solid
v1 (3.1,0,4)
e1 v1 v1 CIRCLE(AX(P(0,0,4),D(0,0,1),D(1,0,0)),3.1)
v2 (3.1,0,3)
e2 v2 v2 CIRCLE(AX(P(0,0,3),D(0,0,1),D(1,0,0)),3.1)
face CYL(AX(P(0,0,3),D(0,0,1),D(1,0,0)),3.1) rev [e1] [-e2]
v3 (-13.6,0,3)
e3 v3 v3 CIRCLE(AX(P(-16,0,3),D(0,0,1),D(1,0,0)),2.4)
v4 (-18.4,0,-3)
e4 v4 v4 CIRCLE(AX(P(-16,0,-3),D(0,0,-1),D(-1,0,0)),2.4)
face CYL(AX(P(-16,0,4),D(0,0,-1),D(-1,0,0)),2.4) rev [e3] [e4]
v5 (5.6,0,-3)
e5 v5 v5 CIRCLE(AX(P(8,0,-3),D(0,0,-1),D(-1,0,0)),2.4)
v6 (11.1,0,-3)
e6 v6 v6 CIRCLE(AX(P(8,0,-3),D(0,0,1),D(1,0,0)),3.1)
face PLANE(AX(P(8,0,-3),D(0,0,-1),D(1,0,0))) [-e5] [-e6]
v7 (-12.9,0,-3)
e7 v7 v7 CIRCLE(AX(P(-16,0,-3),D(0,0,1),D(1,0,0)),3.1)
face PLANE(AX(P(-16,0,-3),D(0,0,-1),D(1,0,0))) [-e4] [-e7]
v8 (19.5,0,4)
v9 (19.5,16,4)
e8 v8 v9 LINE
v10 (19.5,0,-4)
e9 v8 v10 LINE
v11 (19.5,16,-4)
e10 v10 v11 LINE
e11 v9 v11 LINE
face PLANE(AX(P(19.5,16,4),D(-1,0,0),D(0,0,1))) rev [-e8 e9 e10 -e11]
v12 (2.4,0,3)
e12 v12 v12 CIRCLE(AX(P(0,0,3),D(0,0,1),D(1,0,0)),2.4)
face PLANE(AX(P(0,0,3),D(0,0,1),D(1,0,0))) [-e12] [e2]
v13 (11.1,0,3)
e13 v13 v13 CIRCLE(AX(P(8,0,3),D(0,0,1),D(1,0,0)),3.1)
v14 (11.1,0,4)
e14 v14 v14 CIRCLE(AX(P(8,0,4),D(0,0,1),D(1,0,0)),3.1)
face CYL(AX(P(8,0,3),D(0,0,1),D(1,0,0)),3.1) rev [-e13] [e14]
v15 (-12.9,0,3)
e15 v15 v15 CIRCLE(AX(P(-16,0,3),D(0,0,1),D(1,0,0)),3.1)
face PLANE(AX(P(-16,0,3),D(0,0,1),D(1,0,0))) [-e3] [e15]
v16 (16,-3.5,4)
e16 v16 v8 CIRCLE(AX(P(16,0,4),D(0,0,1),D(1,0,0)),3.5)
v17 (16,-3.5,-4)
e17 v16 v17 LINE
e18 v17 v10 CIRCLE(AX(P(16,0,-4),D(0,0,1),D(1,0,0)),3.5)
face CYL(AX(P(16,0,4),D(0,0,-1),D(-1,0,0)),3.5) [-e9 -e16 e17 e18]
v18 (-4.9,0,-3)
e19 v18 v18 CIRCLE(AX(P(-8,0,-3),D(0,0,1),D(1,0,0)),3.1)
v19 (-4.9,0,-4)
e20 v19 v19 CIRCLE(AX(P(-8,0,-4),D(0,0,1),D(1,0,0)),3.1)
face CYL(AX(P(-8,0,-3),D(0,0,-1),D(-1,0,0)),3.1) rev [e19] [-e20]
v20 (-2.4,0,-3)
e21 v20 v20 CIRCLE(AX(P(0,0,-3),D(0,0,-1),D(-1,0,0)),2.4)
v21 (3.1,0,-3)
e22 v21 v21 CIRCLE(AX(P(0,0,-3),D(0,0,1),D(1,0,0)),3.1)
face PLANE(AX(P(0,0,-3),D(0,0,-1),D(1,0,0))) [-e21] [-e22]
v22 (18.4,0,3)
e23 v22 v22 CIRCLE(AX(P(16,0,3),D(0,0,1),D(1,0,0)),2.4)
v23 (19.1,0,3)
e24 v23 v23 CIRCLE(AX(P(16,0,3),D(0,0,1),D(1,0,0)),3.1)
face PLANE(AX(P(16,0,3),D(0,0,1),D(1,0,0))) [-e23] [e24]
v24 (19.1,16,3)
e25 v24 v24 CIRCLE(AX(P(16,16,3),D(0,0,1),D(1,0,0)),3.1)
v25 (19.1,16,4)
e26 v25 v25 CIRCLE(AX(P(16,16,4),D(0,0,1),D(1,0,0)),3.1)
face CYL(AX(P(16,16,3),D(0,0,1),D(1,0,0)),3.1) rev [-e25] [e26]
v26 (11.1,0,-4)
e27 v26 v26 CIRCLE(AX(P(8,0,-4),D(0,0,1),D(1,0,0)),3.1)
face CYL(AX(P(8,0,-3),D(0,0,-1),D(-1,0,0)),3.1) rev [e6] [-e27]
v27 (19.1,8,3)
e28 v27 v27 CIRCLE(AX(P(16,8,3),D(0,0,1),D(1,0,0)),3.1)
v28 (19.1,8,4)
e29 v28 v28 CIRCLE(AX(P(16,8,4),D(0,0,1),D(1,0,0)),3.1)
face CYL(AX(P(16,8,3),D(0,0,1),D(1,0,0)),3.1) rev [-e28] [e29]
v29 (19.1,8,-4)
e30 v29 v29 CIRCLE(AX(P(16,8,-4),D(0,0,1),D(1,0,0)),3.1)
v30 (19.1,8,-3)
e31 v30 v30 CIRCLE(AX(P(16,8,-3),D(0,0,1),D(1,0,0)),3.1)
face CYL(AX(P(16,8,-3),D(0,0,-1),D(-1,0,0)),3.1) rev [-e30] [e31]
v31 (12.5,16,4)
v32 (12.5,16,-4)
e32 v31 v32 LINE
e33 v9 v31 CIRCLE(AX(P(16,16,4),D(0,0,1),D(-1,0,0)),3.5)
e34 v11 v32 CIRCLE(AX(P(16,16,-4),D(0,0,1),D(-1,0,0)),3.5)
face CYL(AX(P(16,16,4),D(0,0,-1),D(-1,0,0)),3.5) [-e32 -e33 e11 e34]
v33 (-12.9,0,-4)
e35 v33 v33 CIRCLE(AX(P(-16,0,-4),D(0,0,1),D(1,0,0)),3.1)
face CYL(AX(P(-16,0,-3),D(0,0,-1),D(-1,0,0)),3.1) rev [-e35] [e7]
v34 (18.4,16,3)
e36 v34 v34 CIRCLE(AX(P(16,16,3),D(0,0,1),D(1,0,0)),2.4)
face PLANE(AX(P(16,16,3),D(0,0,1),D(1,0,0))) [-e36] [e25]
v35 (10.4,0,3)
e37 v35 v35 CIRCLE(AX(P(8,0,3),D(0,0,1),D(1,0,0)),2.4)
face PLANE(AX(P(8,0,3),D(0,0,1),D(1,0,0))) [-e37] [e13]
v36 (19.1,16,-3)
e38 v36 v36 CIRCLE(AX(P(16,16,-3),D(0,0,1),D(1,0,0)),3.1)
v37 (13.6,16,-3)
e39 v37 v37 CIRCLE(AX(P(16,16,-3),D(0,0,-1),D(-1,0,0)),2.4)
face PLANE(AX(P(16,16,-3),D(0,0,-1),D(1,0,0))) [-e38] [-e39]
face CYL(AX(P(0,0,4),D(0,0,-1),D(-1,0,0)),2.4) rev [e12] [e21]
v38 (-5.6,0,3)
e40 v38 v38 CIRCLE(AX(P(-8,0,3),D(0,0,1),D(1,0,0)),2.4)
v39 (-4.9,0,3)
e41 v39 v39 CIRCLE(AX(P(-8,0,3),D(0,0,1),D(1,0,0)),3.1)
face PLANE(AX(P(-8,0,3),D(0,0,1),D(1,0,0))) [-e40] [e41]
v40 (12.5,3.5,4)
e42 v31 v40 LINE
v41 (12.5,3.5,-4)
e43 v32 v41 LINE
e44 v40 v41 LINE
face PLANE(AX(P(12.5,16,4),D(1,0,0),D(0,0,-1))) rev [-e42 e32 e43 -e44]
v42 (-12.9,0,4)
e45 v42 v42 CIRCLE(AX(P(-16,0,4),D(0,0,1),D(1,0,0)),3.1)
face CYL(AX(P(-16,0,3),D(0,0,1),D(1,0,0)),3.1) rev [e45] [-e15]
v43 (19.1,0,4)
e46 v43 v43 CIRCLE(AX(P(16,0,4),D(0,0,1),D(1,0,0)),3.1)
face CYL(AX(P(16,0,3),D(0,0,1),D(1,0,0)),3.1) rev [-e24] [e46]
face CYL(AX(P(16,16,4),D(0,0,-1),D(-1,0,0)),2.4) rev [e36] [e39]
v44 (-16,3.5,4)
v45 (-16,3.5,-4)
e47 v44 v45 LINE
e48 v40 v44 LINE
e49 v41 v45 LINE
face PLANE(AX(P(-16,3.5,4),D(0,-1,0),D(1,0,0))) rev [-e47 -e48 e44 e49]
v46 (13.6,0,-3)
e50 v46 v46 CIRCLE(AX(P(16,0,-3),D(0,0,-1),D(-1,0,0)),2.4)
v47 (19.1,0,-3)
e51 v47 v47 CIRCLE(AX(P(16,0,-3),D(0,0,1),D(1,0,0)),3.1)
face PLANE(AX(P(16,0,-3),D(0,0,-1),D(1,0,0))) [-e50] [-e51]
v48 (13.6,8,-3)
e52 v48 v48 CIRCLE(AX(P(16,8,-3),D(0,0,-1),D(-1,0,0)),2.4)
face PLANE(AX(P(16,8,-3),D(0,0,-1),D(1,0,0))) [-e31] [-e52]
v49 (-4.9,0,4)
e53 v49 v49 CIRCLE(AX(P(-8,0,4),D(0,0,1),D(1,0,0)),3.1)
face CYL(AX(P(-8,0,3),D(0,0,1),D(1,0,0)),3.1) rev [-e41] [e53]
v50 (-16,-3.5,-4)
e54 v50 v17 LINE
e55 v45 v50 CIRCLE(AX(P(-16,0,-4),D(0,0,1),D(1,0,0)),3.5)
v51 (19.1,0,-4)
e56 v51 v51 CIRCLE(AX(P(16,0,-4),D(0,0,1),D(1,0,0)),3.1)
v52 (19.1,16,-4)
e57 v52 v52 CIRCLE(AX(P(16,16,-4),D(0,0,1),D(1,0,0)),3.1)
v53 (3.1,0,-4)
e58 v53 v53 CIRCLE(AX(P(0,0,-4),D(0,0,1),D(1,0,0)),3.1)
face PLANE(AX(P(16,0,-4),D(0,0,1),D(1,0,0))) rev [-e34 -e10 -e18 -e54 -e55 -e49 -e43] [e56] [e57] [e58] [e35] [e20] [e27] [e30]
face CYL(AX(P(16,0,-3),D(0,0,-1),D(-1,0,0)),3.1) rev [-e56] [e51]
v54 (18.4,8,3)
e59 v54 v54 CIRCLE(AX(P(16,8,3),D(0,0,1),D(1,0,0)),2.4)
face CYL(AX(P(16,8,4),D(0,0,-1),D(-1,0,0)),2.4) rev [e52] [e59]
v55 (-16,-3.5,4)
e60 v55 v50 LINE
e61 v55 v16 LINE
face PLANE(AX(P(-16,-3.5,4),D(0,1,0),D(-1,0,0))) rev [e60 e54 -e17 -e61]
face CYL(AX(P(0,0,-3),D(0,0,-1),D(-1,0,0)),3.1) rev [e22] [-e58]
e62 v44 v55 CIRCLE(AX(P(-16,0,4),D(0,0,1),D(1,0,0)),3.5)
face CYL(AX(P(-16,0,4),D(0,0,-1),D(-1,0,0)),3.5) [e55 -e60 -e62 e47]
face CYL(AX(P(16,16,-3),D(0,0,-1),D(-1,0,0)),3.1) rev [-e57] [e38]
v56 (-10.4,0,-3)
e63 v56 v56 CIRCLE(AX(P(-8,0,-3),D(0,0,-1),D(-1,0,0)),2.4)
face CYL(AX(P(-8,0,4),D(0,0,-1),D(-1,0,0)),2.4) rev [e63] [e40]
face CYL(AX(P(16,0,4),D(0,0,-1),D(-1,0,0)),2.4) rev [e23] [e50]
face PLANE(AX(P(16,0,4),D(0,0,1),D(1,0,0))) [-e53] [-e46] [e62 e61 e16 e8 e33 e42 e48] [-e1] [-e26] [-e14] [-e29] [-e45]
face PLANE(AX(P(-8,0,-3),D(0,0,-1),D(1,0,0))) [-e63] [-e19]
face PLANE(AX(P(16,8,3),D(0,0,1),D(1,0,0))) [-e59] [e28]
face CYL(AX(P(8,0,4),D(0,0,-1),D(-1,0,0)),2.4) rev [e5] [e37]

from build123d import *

# Parameters (mm, degrees)
SKETCH1_R           = 2.4
BOSS_EXTRUDE1_DEPTH = 4
SKETCH2_R           = 3.1
CUT_EXTRUDE1_DEPTH  = 1


with BuildPart() as part:
    # Sketch1 → Boss-Extrude1 (new, symmetric)
    with BuildSketch(Plane.XY):
        with BuildLine():
            Line((-16, -3.5), (16, -3.5))
            ThreePointArc((16, -3.5), (18.474873734, -2.474873734), (19.5, 0))
            Line((19.5, 0), (19.5, 16))
            ThreePointArc((19.5, 16), (16, 19.5), (12.5, 16))
            Line((12.5, 16), (12.5, 3.5))
            Line((12.5, 3.5), (-16, 3.5))
            ThreePointArc((-16, 3.5), (-19.5, 0), (-16, -3.5))
        make_face()
        Circle(SKETCH1_R, mode=Mode.SUBTRACT)
        with Locations((8, 0)):
            Circle(SKETCH1_R, mode=Mode.SUBTRACT)
        with Locations((16, 0)):
            Circle(SKETCH1_R, mode=Mode.SUBTRACT)
        with Locations((-8, 0)):
            Circle(SKETCH1_R, mode=Mode.SUBTRACT)
        with Locations((-16, 0)):
            Circle(SKETCH1_R, mode=Mode.SUBTRACT)
        with Locations((16, 8)):
            Circle(SKETCH1_R, mode=Mode.SUBTRACT)
        with Locations((16, 16)):
            Circle(SKETCH1_R, mode=Mode.SUBTRACT)
    extrude(amount=BOSS_EXTRUDE1_DEPTH, both=True)

    # Sketch2 → Cut-Extrude1 (cut)
    with BuildSketch(Plane.XY.offset(4)):
        with Locations((-16, 0)):
            Circle(SKETCH2_R)
        with Locations((-8, 0)):
            Circle(SKETCH2_R)
        Circle(SKETCH2_R)
        with Locations((8, 0)):
            Circle(SKETCH2_R)
        with Locations((16, 0)):
            Circle(SKETCH2_R)
        with Locations((16, 8)):
            Circle(SKETCH2_R)
        with Locations((16, 16)):
            Circle(SKETCH2_R)
    cut_extrude1 = extrude(amount=-CUT_EXTRUDE1_DEPTH, mode=Mode.SUBTRACT)

    # Mirror1: Cut-Extrude1 across plane
    add(cut_extrude1.mirror(Plane.XY), mode=Mode.SUBTRACT)


solid = part.part
